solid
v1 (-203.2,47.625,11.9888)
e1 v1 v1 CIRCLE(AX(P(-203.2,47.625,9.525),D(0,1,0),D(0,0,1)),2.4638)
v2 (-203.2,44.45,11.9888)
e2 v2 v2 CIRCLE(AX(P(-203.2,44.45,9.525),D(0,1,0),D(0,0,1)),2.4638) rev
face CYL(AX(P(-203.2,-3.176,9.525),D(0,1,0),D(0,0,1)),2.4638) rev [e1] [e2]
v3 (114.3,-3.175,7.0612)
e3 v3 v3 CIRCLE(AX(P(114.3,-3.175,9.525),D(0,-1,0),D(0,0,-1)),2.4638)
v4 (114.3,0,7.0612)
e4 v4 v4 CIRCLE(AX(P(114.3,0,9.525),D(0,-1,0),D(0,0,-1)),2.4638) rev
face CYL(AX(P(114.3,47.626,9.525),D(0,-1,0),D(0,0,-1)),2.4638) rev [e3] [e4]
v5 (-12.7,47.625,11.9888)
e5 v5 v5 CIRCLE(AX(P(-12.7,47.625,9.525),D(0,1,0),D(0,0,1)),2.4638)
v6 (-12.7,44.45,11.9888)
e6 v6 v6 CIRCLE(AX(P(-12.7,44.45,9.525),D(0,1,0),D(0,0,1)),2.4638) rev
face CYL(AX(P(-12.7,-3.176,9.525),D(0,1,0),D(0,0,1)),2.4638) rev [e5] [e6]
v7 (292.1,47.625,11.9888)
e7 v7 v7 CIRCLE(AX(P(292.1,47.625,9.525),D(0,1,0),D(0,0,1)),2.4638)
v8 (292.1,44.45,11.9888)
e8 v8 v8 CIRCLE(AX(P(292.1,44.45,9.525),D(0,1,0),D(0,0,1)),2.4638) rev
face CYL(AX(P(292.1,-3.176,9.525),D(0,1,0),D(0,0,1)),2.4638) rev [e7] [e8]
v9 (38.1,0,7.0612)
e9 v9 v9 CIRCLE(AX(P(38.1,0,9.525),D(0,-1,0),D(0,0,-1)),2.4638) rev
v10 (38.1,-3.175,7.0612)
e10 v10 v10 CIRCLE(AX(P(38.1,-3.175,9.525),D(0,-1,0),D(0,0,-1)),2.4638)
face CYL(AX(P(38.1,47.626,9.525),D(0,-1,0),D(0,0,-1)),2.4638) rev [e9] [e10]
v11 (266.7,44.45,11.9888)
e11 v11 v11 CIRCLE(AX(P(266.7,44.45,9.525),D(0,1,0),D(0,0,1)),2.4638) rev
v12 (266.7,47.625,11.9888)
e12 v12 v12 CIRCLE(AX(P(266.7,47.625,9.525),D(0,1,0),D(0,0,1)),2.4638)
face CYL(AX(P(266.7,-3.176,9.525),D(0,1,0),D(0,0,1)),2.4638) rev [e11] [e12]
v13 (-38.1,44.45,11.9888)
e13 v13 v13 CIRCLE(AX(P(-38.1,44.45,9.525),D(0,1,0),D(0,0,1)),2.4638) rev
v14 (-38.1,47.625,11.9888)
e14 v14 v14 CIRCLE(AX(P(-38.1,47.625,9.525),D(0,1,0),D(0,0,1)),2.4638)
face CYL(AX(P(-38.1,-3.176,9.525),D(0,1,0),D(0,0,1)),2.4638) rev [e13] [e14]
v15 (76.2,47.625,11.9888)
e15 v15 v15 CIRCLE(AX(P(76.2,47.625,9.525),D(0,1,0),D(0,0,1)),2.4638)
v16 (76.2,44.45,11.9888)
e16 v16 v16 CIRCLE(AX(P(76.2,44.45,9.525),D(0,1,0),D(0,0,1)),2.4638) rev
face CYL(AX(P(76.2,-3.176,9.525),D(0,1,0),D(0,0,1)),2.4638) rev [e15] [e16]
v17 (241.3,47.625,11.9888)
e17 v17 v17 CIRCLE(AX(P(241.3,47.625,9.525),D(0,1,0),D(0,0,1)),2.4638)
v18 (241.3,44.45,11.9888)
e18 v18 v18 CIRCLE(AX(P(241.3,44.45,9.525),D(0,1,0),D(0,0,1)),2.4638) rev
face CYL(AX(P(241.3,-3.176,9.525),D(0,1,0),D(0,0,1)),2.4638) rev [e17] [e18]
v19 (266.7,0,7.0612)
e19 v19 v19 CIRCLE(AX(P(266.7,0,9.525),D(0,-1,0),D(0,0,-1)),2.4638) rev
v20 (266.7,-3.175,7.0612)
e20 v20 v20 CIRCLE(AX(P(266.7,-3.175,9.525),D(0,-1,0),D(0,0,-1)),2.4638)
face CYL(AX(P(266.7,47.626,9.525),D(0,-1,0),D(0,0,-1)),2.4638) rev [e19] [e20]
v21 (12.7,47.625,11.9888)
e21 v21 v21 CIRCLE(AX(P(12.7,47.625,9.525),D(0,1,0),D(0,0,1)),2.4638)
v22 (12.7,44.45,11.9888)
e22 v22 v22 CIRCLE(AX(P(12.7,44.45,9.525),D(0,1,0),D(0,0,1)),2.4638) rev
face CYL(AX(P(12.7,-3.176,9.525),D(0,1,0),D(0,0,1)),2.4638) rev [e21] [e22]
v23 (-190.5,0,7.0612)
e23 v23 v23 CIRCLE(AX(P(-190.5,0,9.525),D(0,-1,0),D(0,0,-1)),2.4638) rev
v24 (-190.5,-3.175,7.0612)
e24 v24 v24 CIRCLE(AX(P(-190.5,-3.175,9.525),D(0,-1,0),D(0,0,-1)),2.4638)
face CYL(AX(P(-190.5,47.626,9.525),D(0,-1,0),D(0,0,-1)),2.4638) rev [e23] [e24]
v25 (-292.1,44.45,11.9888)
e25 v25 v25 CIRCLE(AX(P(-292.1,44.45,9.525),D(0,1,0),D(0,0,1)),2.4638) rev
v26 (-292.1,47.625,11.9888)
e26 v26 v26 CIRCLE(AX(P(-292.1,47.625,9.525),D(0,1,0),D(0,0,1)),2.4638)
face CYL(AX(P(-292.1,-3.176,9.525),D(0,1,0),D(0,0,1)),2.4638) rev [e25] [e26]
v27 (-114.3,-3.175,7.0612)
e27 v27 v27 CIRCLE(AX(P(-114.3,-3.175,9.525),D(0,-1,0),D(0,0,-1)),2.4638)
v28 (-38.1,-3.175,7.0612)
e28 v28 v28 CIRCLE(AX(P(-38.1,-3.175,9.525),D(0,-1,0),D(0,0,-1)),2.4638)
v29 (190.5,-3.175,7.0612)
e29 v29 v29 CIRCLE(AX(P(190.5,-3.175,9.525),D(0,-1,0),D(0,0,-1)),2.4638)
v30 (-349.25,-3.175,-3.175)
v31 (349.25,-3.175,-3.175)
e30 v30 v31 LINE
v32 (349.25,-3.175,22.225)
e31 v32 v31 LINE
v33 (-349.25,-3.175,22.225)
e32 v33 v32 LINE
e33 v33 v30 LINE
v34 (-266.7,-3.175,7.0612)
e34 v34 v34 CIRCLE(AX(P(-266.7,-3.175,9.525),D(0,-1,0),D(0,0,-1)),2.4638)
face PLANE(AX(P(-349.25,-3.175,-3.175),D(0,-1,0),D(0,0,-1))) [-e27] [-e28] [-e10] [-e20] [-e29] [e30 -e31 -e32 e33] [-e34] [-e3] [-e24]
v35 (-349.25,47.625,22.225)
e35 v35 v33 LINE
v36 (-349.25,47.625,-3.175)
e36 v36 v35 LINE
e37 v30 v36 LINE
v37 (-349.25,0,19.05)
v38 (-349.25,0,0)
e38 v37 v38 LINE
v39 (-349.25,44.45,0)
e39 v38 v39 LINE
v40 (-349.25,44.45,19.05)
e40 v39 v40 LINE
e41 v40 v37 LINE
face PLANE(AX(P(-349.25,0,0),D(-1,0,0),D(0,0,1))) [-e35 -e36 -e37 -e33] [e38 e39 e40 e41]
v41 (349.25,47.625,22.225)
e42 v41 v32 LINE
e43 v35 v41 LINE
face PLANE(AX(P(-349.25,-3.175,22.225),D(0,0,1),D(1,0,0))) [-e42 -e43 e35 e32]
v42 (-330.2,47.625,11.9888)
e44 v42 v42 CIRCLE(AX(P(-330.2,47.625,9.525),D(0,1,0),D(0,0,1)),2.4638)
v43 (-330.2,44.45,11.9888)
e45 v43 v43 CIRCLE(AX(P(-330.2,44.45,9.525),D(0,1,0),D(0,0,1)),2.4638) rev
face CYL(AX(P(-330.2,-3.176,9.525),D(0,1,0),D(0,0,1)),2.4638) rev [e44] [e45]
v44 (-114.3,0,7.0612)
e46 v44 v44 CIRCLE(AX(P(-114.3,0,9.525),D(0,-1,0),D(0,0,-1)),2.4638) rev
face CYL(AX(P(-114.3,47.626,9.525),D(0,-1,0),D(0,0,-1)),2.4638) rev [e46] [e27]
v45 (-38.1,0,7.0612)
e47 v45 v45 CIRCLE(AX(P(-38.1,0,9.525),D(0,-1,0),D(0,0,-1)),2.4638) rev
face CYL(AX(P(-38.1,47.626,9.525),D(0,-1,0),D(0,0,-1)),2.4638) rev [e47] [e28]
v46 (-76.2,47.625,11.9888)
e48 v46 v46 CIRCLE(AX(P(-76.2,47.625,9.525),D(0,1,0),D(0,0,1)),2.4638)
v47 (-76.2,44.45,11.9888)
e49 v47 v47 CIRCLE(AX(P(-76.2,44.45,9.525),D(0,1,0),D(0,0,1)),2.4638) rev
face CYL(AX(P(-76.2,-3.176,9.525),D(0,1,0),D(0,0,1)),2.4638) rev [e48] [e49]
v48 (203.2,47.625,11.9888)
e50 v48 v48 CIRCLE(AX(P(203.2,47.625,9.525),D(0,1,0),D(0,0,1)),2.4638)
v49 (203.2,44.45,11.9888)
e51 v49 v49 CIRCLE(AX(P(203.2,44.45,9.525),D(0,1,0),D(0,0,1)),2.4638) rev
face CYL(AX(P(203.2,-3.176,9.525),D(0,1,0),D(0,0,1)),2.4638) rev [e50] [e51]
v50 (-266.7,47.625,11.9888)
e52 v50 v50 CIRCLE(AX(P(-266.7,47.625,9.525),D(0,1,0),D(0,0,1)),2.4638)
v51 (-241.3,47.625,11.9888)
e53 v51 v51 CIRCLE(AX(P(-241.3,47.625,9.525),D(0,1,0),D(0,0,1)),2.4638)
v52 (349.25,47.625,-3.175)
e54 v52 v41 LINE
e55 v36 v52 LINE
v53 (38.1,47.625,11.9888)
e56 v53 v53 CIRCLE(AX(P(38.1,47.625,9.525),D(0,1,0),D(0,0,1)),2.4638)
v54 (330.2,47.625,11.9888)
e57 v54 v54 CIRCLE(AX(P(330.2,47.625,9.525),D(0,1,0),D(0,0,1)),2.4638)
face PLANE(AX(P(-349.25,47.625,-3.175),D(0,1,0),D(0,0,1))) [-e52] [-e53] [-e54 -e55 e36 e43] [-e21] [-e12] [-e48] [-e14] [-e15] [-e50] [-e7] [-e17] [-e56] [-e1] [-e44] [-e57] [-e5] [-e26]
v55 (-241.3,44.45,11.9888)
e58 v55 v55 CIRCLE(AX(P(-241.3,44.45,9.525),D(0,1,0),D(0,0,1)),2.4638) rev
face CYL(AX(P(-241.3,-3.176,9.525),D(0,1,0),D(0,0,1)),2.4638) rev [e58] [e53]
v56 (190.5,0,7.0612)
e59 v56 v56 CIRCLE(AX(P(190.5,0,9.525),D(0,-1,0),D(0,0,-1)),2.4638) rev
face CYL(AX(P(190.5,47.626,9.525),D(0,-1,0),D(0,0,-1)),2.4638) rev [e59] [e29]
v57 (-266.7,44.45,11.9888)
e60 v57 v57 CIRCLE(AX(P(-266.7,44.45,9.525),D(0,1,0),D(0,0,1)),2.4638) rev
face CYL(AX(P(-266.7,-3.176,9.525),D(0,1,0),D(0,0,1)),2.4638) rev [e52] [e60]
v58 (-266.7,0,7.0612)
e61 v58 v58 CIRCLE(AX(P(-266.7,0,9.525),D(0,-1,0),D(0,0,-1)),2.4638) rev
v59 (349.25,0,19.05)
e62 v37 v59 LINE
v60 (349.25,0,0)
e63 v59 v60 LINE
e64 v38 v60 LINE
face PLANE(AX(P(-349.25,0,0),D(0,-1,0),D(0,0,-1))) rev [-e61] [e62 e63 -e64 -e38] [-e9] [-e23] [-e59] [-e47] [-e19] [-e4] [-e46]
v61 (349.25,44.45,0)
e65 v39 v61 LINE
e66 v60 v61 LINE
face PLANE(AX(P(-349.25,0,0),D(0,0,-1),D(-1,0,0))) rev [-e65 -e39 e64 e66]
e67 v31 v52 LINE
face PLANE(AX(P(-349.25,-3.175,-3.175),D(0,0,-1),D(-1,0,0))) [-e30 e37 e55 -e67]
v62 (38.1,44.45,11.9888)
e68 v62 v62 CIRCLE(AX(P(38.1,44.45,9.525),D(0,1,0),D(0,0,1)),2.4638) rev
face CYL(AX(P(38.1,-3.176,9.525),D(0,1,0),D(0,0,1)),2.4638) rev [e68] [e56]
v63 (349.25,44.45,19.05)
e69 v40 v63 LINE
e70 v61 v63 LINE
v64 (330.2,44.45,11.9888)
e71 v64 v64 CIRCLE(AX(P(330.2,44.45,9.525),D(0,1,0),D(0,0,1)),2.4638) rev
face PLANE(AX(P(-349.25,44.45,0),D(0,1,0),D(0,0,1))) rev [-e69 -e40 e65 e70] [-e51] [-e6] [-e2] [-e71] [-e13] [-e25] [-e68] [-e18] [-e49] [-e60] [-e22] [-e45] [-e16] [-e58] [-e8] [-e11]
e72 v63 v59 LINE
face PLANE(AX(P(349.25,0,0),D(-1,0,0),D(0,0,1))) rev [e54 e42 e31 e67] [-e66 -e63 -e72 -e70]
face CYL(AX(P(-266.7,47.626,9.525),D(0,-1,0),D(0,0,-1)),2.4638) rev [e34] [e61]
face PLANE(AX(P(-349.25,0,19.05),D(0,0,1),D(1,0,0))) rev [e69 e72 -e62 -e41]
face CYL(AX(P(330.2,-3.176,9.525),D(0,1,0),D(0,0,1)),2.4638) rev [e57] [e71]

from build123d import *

# Parameters (mm, degrees)
BOSS_EXTRUDE1_DEPTH      = 349.25
BOSS_EXTRUDE1_DEPTH_BACK = 349.25
SKETCH1_W                = 25.4
SKETCH1_H                = 50.8
SKETCH1_W_2              = 19.05
SKETCH1_H_2              = 44.45
CUT_EXTRUDE1_REACH       = 355.624
SKETCH6_R                = 2.4638
CUT_EXTRUDE2_REACH       = 355.624
SKETCH7_R                = 2.4638


with BuildPart() as part:
    # Sketch1 → Boss-Extrude1 (new, two sides: drawn at the far end of the back side and taken through both)
    with BuildSketch(Plane(origin=(0, 0, 0), x_dir=(0, 0, -1), z_dir=(1, 0, 0)).offset(-BOSS_EXTRUDE1_DEPTH_BACK)):
        with Locations((-9.525, 22.225)):
            Rectangle(SKETCH1_W, SKETCH1_H)
        with Locations((-9.525, 22.225)):
            Rectangle(SKETCH1_W_2, SKETCH1_H_2, mode=Mode.SUBTRACT)
    extrude(amount=BOSS_EXTRUDE1_DEPTH + BOSS_EXTRUDE1_DEPTH_BACK)

    # Sketch6 → Cut-Extrude1 (cut, up to next)
    with BuildSketch(Plane(origin=(0, 47.625, 0), x_dir=(1, 0, 0), z_dir=(0, 1, 0)), mode=Mode.PRIVATE) as cut_extrude1_sk1:
        with Locations((330.2, -9.525)):
            Circle(SKETCH6_R)
    cut_extrude1_tool1 = extrude(cut_extrude1_sk1.sketch, amount=-CUT_EXTRUDE1_REACH, mode=Mode.PRIVATE) & part.part
    # Sketch6 → Cut-Extrude1 (cut, up to next)
    with BuildSketch(Plane(origin=(0, 47.625, 0), x_dir=(1, 0, 0), z_dir=(0, 1, 0)), mode=Mode.PRIVATE) as cut_extrude1_sk2:
        with Locations((292.1, -9.525)):
            Circle(SKETCH6_R)
    cut_extrude1_tool2 = extrude(cut_extrude1_sk2.sketch, amount=-CUT_EXTRUDE1_REACH, mode=Mode.PRIVATE) & part.part
    # Sketch6 → Cut-Extrude1 (cut, up to next)
    with BuildSketch(Plane(origin=(0, 47.625, 0), x_dir=(1, 0, 0), z_dir=(0, 1, 0)), mode=Mode.PRIVATE) as cut_extrude1_sk3:
        with Locations((266.7, -9.525)):
            Circle(SKETCH6_R)
    cut_extrude1_tool3 = extrude(cut_extrude1_sk3.sketch, amount=-CUT_EXTRUDE1_REACH, mode=Mode.PRIVATE) & part.part
    # Sketch6 → Cut-Extrude1 (cut, up to next)
    with BuildSketch(Plane(origin=(0, 47.625, 0), x_dir=(1, 0, 0), z_dir=(0, 1, 0)), mode=Mode.PRIVATE) as cut_extrude1_sk4:
        with Locations((241.3, -9.525)):
            Circle(SKETCH6_R)
    cut_extrude1_tool4 = extrude(cut_extrude1_sk4.sketch, amount=-CUT_EXTRUDE1_REACH, mode=Mode.PRIVATE) & part.part
    # Sketch6 → Cut-Extrude1 (cut, up to next)
    with BuildSketch(Plane(origin=(0, 47.625, 0), x_dir=(1, 0, 0), z_dir=(0, 1, 0)), mode=Mode.PRIVATE) as cut_extrude1_sk5:
        with Locations((203.2, -9.525)):
            Circle(SKETCH6_R)
    cut_extrude1_tool5 = extrude(cut_extrude1_sk5.sketch, amount=-CUT_EXTRUDE1_REACH, mode=Mode.PRIVATE) & part.part
    # Sketch6 → Cut-Extrude1 (cut, up to next)
    with BuildSketch(Plane(origin=(0, 47.625, 0), x_dir=(1, 0, 0), z_dir=(0, 1, 0)), mode=Mode.PRIVATE) as cut_extrude1_sk6:
        with Locations((76.2, -9.525)):
            Circle(SKETCH6_R)
    cut_extrude1_tool6 = extrude(cut_extrude1_sk6.sketch, amount=-CUT_EXTRUDE1_REACH, mode=Mode.PRIVATE) & part.part
    # Sketch6 → Cut-Extrude1 (cut, up to next)
    with BuildSketch(Plane(origin=(0, 47.625, 0), x_dir=(1, 0, 0), z_dir=(0, 1, 0)), mode=Mode.PRIVATE) as cut_extrude1_sk7:
        with Locations((38.1, -9.525)):
            Circle(SKETCH6_R)
    cut_extrude1_tool7 = extrude(cut_extrude1_sk7.sketch, amount=-CUT_EXTRUDE1_REACH, mode=Mode.PRIVATE) & part.part
    # Sketch6 → Cut-Extrude1 (cut, up to next)
    with BuildSketch(Plane(origin=(0, 47.625, 0), x_dir=(1, 0, 0), z_dir=(0, 1, 0)), mode=Mode.PRIVATE) as cut_extrude1_sk8:
        with Locations((12.7, -9.525)):
            Circle(SKETCH6_R)
    cut_extrude1_tool8 = extrude(cut_extrude1_sk8.sketch, amount=-CUT_EXTRUDE1_REACH, mode=Mode.PRIVATE) & part.part
    # Sketch6 → Cut-Extrude1 (cut, up to next)
    with BuildSketch(Plane(origin=(0, 47.625, 0), x_dir=(1, 0, 0), z_dir=(0, 1, 0)), mode=Mode.PRIVATE) as cut_extrude1_sk9:
        with Locations((-12.7, -9.525)):
            Circle(SKETCH6_R)
    cut_extrude1_tool9 = extrude(cut_extrude1_sk9.sketch, amount=-CUT_EXTRUDE1_REACH, mode=Mode.PRIVATE) & part.part
    # Sketch6 → Cut-Extrude1 (cut, up to next)
    with BuildSketch(Plane(origin=(0, 47.625, 0), x_dir=(1, 0, 0), z_dir=(0, 1, 0)), mode=Mode.PRIVATE) as cut_extrude1_sk10:
        with Locations((-38.1, -9.525)):
            Circle(SKETCH6_R)
    cut_extrude1_tool10 = extrude(cut_extrude1_sk10.sketch, amount=-CUT_EXTRUDE1_REACH, mode=Mode.PRIVATE) & part.part
    # Sketch6 → Cut-Extrude1 (cut, up to next)
    with BuildSketch(Plane(origin=(0, 47.625, 0), x_dir=(1, 0, 0), z_dir=(0, 1, 0)), mode=Mode.PRIVATE) as cut_extrude1_sk11:
        with Locations((-76.2, -9.525)):
            Circle(SKETCH6_R)
    cut_extrude1_tool11 = extrude(cut_extrude1_sk11.sketch, amount=-CUT_EXTRUDE1_REACH, mode=Mode.PRIVATE) & part.part
    # Sketch6 → Cut-Extrude1 (cut, up to next)
    with BuildSketch(Plane(origin=(0, 47.625, 0), x_dir=(1, 0, 0), z_dir=(0, 1, 0)), mode=Mode.PRIVATE) as cut_extrude1_sk12:
        with Locations((-203.2, -9.525)):
            Circle(SKETCH6_R)
    cut_extrude1_tool12 = extrude(cut_extrude1_sk12.sketch, amount=-CUT_EXTRUDE1_REACH, mode=Mode.PRIVATE) & part.part
    # Sketch6 → Cut-Extrude1 (cut, up to next)
    with BuildSketch(Plane(origin=(0, 47.625, 0), x_dir=(1, 0, 0), z_dir=(0, 1, 0)), mode=Mode.PRIVATE) as cut_extrude1_sk13:
        with Locations((-241.3, -9.525)):
            Circle(SKETCH6_R)
    cut_extrude1_tool13 = extrude(cut_extrude1_sk13.sketch, amount=-CUT_EXTRUDE1_REACH, mode=Mode.PRIVATE) & part.part
    # Sketch6 → Cut-Extrude1 (cut, up to next)
    with BuildSketch(Plane(origin=(0, 47.625, 0), x_dir=(1, 0, 0), z_dir=(0, 1, 0)), mode=Mode.PRIVATE) as cut_extrude1_sk14:
        with Locations((-330.2, -9.525)):
            Circle(SKETCH6_R)
    cut_extrude1_tool14 = extrude(cut_extrude1_sk14.sketch, amount=-CUT_EXTRUDE1_REACH, mode=Mode.PRIVATE) & part.part
    # Sketch6 → Cut-Extrude1 (cut, up to next)
    with BuildSketch(Plane(origin=(0, 47.625, 0), x_dir=(1, 0, 0), z_dir=(0, 1, 0)), mode=Mode.PRIVATE) as cut_extrude1_sk15:
        with Locations((-292.1, -9.525)):
            Circle(SKETCH6_R)
    cut_extrude1_tool15 = extrude(cut_extrude1_sk15.sketch, amount=-CUT_EXTRUDE1_REACH, mode=Mode.PRIVATE) & part.part
    # Sketch6 → Cut-Extrude1 (cut, up to next)
    with BuildSketch(Plane(origin=(0, 47.625, 0), x_dir=(1, 0, 0), z_dir=(0, 1, 0)), mode=Mode.PRIVATE) as cut_extrude1_sk16:
        with Locations((-266.7, -9.525)):
            Circle(SKETCH6_R)
    cut_extrude1_tool16 = extrude(cut_extrude1_sk16.sketch, amount=-CUT_EXTRUDE1_REACH, mode=Mode.PRIVATE) & part.part
    add(cut_extrude1_tool1.solids().sort_by_distance((330.2, 47.625, 9.525))[0], mode=Mode.SUBTRACT)
    add(cut_extrude1_tool2.solids().sort_by_distance((292.1, 47.625, 9.525))[0], mode=Mode.SUBTRACT)
    add(cut_extrude1_tool3.solids().sort_by_distance((266.7, 47.625, 9.525))[0], mode=Mode.SUBTRACT)
    add(cut_extrude1_tool4.solids().sort_by_distance((241.3, 47.625, 9.525))[0], mode=Mode.SUBTRACT)
    add(cut_extrude1_tool5.solids().sort_by_distance((203.2, 47.625, 9.525))[0], mode=Mode.SUBTRACT)
    add(cut_extrude1_tool6.solids().sort_by_distance((76.2, 47.625, 9.525))[0], mode=Mode.SUBTRACT)
    add(cut_extrude1_tool7.solids().sort_by_distance((38.1, 47.625, 9.525))[0], mode=Mode.SUBTRACT)
    add(cut_extrude1_tool8.solids().sort_by_distance((12.7, 47.625, 9.525))[0], mode=Mode.SUBTRACT)
    add(cut_extrude1_tool9.solids().sort_by_distance((-12.7, 47.625, 9.525))[0], mode=Mode.SUBTRACT)
    add(cut_extrude1_tool10.solids().sort_by_distance((-38.1, 47.625, 9.525))[0], mode=Mode.SUBTRACT)
    add(cut_extrude1_tool11.solids().sort_by_distance((-76.2, 47.625, 9.525))[0], mode=Mode.SUBTRACT)
    add(cut_extrude1_tool12.solids().sort_by_distance((-203.2, 47.625, 9.525))[0], mode=Mode.SUBTRACT)
    add(cut_extrude1_tool13.solids().sort_by_distance((-241.3, 47.625, 9.525))[0], mode=Mode.SUBTRACT)
    add(cut_extrude1_tool14.solids().sort_by_distance((-330.2, 47.625, 9.525))[0], mode=Mode.SUBTRACT)
    add(cut_extrude1_tool15.solids().sort_by_distance((-292.1, 47.625, 9.525))[0], mode=Mode.SUBTRACT)
    add(cut_extrude1_tool16.solids().sort_by_distance((-266.7, 47.625, 9.525))[0], mode=Mode.SUBTRACT)

    # Sketch7 → Cut-Extrude2 (cut, up to next)
    with BuildSketch(Plane(origin=(0, -3.175, 0), x_dir=(-1, 0, 0), z_dir=(0, -1, 0)), mode=Mode.PRIVATE) as cut_extrude2_sk1:
        with Locations((-266.7, -9.525)):
            Circle(SKETCH7_R)
    cut_extrude2_tool1 = extrude(cut_extrude2_sk1.sketch, amount=-CUT_EXTRUDE2_REACH, mode=Mode.PRIVATE) & part.part
    # Sketch7 → Cut-Extrude2 (cut, up to next)
    with BuildSketch(Plane(origin=(0, -3.175, 0), x_dir=(-1, 0, 0), z_dir=(0, -1, 0)), mode=Mode.PRIVATE) as cut_extrude2_sk2:
        with Locations((-190.5, -9.525)):
            Circle(SKETCH7_R)
    cut_extrude2_tool2 = extrude(cut_extrude2_sk2.sketch, amount=-CUT_EXTRUDE2_REACH, mode=Mode.PRIVATE) & part.part
    # Sketch7 → Cut-Extrude2 (cut, up to next)
    with BuildSketch(Plane(origin=(0, -3.175, 0), x_dir=(-1, 0, 0), z_dir=(0, -1, 0)), mode=Mode.PRIVATE) as cut_extrude2_sk3:
        with Locations((-114.3, -9.525)):
            Circle(SKETCH7_R)
    cut_extrude2_tool3 = extrude(cut_extrude2_sk3.sketch, amount=-CUT_EXTRUDE2_REACH, mode=Mode.PRIVATE) & part.part
    # Sketch7 → Cut-Extrude2 (cut, up to next)
    with BuildSketch(Plane(origin=(0, -3.175, 0), x_dir=(-1, 0, 0), z_dir=(0, -1, 0)), mode=Mode.PRIVATE) as cut_extrude2_sk4:
        with Locations((-38.1, -9.525)):
            Circle(SKETCH7_R)
    cut_extrude2_tool4 = extrude(cut_extrude2_sk4.sketch, amount=-CUT_EXTRUDE2_REACH, mode=Mode.PRIVATE) & part.part
    # Sketch7 → Cut-Extrude2 (cut, up to next)
    with BuildSketch(Plane(origin=(0, -3.175, 0), x_dir=(-1, 0, 0), z_dir=(0, -1, 0)), mode=Mode.PRIVATE) as cut_extrude2_sk5:
        with Locations((38.1, -9.525)):
            Circle(SKETCH7_R)
    cut_extrude2_tool5 = extrude(cut_extrude2_sk5.sketch, amount=-CUT_EXTRUDE2_REACH, mode=Mode.PRIVATE) & part.part
    # Sketch7 → Cut-Extrude2 (cut, up to next)
    with BuildSketch(Plane(origin=(0, -3.175, 0), x_dir=(-1, 0, 0), z_dir=(0, -1, 0)), mode=Mode.PRIVATE) as cut_extrude2_sk6:
        with Locations((114.3, -9.525)):
            Circle(SKETCH7_R)
    cut_extrude2_tool6 = extrude(cut_extrude2_sk6.sketch, amount=-CUT_EXTRUDE2_REACH, mode=Mode.PRIVATE) & part.part
    # Sketch7 → Cut-Extrude2 (cut, up to next)
    with BuildSketch(Plane(origin=(0, -3.175, 0), x_dir=(-1, 0, 0), z_dir=(0, -1, 0)), mode=Mode.PRIVATE) as cut_extrude2_sk7:
        with Locations((190.5, -9.525)):
            Circle(SKETCH7_R)
    cut_extrude2_tool7 = extrude(cut_extrude2_sk7.sketch, amount=-CUT_EXTRUDE2_REACH, mode=Mode.PRIVATE) & part.part
    # Sketch7 → Cut-Extrude2 (cut, up to next)
    with BuildSketch(Plane(origin=(0, -3.175, 0), x_dir=(-1, 0, 0), z_dir=(0, -1, 0)), mode=Mode.PRIVATE) as cut_extrude2_sk8:
        with Locations((266.7, -9.525)):
            Circle(SKETCH7_R)
    cut_extrude2_tool8 = extrude(cut_extrude2_sk8.sketch, amount=-CUT_EXTRUDE2_REACH, mode=Mode.PRIVATE) & part.part
    add(cut_extrude2_tool1.solids().sort_by_distance((266.7, -3.175, 9.525))[0], mode=Mode.SUBTRACT)
    add(cut_extrude2_tool2.solids().sort_by_distance((190.5, -3.175, 9.525))[0], mode=Mode.SUBTRACT)
    add(cut_extrude2_tool3.solids().sort_by_distance((114.3, -3.175, 9.525))[0], mode=Mode.SUBTRACT)
    add(cut_extrude2_tool4.solids().sort_by_distance((38.1, -3.175, 9.525))[0], mode=Mode.SUBTRACT)
    add(cut_extrude2_tool5.solids().sort_by_distance((-38.1, -3.175, 9.525))[0], mode=Mode.SUBTRACT)
    add(cut_extrude2_tool6.solids().sort_by_distance((-114.3, -3.175, 9.525))[0], mode=Mode.SUBTRACT)
    add(cut_extrude2_tool7.solids().sort_by_distance((-190.5, -3.175, 9.525))[0], mode=Mode.SUBTRACT)
    add(cut_extrude2_tool8.solids().sort_by_distance((-266.7, -3.175, 9.525))[0], mode=Mode.SUBTRACT)


solid = part.part
